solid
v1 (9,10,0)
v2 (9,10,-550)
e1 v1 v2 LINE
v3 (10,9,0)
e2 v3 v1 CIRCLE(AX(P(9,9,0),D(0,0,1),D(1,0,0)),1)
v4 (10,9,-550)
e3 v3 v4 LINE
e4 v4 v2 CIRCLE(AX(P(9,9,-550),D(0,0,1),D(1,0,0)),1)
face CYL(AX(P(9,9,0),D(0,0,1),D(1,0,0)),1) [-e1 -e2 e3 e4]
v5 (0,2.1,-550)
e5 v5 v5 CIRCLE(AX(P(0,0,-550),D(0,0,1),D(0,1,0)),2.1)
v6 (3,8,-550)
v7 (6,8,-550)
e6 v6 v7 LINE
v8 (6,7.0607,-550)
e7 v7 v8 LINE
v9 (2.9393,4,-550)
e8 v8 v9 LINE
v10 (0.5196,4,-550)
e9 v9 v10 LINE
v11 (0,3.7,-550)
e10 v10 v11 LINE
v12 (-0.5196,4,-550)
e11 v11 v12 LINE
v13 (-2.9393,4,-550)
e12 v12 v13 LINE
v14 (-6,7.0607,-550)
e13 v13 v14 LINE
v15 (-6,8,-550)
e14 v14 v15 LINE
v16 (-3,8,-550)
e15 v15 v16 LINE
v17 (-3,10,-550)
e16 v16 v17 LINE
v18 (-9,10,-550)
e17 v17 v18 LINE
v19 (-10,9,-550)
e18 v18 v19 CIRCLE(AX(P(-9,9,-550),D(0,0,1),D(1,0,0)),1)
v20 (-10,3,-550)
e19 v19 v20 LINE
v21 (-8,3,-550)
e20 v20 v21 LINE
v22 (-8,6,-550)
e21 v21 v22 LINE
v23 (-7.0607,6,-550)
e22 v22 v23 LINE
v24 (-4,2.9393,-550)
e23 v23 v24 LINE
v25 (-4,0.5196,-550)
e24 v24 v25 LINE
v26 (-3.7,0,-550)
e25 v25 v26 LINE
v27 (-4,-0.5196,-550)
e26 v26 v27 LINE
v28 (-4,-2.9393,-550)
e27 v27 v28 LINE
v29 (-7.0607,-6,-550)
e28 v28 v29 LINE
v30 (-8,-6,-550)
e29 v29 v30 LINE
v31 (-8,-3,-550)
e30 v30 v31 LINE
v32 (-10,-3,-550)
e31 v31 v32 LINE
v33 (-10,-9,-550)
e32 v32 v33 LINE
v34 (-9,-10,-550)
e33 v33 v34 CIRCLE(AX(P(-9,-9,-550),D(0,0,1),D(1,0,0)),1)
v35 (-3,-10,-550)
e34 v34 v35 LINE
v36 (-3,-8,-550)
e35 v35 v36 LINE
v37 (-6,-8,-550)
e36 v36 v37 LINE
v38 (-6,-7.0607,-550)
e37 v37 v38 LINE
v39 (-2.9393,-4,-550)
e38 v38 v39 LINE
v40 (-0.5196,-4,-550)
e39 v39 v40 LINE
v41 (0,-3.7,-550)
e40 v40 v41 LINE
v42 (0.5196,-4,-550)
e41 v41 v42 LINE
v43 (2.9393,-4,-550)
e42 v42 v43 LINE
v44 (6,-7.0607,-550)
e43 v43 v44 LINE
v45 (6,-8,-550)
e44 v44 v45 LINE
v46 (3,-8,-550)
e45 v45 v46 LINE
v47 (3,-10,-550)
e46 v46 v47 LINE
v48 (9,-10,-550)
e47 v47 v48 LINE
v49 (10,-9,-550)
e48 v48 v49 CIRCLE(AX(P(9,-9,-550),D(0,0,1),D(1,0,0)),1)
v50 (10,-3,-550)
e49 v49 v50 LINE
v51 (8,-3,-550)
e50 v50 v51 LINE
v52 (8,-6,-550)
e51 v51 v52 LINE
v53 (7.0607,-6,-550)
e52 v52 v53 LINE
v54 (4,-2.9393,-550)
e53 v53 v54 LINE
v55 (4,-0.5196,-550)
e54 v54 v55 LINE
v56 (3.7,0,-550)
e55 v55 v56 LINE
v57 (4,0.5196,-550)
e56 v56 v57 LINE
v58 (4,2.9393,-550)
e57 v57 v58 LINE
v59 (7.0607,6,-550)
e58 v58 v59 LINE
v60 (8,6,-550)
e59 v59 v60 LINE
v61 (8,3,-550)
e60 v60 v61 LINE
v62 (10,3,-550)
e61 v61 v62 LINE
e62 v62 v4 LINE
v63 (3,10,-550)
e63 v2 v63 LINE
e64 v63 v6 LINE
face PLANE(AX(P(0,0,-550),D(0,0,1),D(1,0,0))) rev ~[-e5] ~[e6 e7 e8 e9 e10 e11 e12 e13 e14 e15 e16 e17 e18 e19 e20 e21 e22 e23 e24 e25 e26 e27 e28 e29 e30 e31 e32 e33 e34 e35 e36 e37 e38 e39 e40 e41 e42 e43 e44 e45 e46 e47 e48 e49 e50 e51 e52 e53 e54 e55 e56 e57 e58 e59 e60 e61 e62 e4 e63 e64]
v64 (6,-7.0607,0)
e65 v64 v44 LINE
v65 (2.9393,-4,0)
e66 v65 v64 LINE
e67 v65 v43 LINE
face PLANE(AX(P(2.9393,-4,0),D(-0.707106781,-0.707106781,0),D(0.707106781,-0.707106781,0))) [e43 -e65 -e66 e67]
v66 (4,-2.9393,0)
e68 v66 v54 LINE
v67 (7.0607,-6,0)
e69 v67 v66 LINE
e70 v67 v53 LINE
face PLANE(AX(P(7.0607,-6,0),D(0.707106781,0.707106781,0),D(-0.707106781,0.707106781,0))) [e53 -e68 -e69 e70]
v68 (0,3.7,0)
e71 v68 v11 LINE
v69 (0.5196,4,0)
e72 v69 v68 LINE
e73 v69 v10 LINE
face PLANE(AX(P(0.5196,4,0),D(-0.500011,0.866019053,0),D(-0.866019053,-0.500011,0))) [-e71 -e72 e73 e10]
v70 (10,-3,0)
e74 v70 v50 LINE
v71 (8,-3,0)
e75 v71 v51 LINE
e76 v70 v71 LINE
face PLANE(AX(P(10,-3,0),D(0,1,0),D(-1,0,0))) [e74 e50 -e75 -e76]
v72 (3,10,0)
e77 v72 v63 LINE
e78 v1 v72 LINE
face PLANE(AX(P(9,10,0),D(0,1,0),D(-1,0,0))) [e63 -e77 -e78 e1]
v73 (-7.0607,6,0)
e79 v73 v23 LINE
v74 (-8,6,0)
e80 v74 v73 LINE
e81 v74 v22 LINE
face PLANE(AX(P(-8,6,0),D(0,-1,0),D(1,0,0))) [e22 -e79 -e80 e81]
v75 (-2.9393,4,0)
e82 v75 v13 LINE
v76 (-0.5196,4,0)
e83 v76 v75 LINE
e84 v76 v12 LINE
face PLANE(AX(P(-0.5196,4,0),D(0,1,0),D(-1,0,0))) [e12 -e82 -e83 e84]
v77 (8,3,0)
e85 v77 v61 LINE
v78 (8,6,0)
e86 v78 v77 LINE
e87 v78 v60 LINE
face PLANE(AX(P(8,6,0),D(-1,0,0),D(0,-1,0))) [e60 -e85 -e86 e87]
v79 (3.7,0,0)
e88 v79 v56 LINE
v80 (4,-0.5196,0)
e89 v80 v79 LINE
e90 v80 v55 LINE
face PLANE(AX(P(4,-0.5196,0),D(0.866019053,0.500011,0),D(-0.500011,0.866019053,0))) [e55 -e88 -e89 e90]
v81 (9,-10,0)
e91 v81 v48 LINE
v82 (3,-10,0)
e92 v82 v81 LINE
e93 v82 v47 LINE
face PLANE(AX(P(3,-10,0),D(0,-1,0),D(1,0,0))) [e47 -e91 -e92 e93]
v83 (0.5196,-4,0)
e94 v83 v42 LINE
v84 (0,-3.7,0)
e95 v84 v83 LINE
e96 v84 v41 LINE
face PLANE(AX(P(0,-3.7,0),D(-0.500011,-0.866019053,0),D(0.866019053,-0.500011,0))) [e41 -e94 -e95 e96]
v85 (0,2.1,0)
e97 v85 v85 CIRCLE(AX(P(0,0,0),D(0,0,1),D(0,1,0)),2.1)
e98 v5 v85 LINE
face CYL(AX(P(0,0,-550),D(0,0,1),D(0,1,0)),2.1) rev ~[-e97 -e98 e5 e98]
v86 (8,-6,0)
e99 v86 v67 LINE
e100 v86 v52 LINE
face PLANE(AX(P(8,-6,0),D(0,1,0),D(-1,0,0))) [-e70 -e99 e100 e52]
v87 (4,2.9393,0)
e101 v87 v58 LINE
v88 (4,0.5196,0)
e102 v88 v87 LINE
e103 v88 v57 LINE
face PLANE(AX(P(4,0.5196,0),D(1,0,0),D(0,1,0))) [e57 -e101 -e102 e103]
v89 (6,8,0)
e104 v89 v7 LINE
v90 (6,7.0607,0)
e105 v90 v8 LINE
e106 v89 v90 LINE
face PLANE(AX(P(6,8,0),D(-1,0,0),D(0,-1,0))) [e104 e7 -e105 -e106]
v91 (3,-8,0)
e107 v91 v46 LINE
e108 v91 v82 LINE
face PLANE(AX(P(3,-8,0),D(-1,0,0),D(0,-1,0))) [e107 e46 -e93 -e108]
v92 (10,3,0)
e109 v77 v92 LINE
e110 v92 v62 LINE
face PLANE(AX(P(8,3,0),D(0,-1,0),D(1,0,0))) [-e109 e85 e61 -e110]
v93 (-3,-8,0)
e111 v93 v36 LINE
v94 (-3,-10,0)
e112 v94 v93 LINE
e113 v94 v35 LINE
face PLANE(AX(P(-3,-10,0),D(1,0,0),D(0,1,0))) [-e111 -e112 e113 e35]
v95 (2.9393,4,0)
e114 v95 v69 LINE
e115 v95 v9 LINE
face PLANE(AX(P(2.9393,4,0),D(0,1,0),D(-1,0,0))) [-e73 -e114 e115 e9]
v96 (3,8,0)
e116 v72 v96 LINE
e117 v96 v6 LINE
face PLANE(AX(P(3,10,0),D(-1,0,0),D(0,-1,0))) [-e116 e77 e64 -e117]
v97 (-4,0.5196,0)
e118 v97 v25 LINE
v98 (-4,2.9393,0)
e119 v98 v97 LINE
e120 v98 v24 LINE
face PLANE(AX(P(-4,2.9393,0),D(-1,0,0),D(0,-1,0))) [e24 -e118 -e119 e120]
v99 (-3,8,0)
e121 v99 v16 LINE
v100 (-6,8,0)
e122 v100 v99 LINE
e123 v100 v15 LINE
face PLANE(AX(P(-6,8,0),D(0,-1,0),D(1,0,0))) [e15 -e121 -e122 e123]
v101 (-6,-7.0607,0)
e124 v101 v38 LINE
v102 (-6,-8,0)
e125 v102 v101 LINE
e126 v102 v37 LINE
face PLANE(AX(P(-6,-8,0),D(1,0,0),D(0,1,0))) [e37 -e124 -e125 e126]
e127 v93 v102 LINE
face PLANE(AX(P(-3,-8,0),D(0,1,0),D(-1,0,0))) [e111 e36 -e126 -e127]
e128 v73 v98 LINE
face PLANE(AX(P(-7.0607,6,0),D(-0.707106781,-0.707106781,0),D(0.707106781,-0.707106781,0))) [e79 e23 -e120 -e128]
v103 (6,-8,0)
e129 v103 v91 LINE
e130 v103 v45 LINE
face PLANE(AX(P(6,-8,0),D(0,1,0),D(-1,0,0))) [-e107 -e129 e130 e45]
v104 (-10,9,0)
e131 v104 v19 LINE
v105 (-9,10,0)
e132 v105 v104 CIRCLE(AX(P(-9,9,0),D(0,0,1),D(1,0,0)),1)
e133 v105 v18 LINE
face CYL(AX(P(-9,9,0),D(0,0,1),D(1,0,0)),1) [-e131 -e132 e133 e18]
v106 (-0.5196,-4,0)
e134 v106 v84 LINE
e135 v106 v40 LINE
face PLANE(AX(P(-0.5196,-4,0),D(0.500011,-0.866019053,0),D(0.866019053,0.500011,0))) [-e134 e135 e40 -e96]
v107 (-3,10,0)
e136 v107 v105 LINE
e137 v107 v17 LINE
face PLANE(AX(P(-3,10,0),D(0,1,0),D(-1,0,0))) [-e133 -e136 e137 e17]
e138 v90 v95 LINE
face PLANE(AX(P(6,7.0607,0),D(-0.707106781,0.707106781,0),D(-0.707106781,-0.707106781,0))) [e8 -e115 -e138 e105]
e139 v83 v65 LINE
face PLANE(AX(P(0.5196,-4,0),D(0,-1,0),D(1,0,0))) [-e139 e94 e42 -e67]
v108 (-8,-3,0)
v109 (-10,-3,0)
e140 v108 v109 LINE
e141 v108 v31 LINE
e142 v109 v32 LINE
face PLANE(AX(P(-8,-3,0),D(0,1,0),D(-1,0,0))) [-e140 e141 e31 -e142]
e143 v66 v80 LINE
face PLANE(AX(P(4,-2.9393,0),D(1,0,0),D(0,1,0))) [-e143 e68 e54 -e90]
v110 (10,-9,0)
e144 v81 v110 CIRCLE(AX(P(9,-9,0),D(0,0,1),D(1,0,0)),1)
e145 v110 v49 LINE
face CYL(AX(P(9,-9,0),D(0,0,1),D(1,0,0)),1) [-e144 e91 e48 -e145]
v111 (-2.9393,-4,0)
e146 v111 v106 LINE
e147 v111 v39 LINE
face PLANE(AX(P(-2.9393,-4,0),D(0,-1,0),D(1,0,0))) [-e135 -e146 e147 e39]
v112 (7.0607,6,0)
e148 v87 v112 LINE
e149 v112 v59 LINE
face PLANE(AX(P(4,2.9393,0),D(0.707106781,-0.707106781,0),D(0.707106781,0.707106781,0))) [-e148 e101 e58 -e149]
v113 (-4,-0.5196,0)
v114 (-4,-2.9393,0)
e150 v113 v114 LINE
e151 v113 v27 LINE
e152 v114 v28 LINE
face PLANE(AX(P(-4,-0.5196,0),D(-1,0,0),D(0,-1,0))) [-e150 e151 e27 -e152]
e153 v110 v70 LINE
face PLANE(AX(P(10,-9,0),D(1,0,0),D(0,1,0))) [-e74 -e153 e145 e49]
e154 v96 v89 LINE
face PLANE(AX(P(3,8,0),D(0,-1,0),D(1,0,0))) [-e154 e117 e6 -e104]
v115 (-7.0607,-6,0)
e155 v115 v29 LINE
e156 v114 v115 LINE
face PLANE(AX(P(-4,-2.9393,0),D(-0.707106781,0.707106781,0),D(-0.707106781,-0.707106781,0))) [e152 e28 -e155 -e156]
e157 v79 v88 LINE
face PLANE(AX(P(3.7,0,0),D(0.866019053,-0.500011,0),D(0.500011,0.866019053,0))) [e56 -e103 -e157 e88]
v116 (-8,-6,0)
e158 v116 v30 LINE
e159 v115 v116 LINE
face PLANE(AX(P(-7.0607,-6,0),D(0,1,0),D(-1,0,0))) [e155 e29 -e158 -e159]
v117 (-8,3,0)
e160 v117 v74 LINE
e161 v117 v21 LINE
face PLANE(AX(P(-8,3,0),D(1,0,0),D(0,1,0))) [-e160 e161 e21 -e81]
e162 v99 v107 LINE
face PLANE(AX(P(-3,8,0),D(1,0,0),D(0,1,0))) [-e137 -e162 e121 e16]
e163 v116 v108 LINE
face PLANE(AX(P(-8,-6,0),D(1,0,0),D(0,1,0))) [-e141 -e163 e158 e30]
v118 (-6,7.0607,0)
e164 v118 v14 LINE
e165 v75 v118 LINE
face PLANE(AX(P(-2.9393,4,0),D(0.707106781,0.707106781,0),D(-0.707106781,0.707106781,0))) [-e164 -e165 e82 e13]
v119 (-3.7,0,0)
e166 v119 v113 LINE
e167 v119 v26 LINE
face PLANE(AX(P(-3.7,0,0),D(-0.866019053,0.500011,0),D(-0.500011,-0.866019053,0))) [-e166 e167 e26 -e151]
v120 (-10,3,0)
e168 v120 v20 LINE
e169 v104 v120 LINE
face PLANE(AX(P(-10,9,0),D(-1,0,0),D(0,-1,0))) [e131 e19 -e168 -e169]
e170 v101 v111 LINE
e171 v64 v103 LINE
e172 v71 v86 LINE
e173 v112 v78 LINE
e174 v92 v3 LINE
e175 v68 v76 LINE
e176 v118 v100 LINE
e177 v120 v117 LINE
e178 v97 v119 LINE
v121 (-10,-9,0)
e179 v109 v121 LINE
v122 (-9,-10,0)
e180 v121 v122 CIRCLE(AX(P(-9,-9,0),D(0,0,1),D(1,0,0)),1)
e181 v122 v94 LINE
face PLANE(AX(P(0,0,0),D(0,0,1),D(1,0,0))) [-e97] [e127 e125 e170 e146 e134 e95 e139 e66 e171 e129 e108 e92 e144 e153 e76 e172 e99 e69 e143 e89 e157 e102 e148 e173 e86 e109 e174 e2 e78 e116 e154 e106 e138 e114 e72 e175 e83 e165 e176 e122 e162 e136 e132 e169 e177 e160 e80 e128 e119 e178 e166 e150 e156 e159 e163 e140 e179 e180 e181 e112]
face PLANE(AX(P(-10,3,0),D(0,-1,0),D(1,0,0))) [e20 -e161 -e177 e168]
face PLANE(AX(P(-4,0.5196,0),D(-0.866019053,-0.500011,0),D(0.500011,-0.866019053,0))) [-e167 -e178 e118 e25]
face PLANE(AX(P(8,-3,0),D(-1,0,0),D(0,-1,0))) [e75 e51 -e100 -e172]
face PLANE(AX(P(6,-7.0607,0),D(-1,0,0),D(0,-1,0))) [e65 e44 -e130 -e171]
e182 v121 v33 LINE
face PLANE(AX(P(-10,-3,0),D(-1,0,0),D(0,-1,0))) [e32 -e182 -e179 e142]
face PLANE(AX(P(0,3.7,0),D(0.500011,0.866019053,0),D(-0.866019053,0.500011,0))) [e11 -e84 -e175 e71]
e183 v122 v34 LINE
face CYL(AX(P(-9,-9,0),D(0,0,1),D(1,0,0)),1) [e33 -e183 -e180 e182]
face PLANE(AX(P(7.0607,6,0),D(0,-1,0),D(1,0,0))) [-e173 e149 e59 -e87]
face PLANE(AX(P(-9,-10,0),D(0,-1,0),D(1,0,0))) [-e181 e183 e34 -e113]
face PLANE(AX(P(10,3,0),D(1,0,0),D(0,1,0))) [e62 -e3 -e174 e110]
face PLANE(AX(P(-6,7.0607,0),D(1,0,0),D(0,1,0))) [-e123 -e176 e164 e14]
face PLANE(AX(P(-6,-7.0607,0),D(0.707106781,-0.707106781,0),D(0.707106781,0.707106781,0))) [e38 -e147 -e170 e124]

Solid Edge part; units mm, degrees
sketch "Sketch1" plane through (0, 0, 0) normal (0, 0, 1) x (1, 0, 0)
  line L0 (-10, -3) -> (-10, -9)
  arc A0 (-10, -9) -> (-9, -10) centre (-9, -9) ccw
  line L1 (-9, -10) -> (-3, -10)
  line L2 (-3, -10) -> (-3, -8)
  line L3 (-3, -8) -> (-6, -8)
  line L4 (-6, -8) -> (-6, -7.0607)
  line L5 (-6, -7.0607) -> (-2.9393, -4)
  line L6 (-2.9393, -4) -> (-0.5196, -4)
  line L7 (-0.5196, -4) -> (0, -3.7)
  line L8 (0, -3.7) -> (0.5196, -4)
  line L9 (0.5196, -4) -> (2.9393, -4)
  line L10 (2.9393, -4) -> (6, -7.0607)
  line L11 (6, -7.0607) -> (6, -8)
  line L12 (6, -8) -> (3, -8)
  line L13 (3, -8) -> (3, -10)
  line L14 (3, -10) -> (9, -10)
  arc A1 (9, -10) -> (10, -9) centre (9, -9) ccw
  line L15 (10, -9) -> (10, -3)
  line L16 (10, -3) -> (8, -3)
  line L17 (8, -3) -> (8, -6)
  line L18 (8, -6) -> (7.0607, -6)
  line L19 (7.0607, -6) -> (4, -2.9393)
  line L20 (4, -2.9393) -> (4, -0.5196)
  line L21 (4, -0.5196) -> (3.7, 0)
  line L22 (3.7, 0) -> (4, 0.5196)
  line L23 (4, 0.5196) -> (4, 2.9393)
  line L24 (4, 2.9393) -> (7.0607, 6)
  line L25 (7.0607, 6) -> (8, 6)
  line L26 (8, 6) -> (8, 3)
  line L27 (8, 3) -> (10, 3)
  line L28 (10, 3) -> (10, 9)
  arc A2 (10, 9) -> (9, 10) centre (9, 9) ccw
  line L29 (9, 10) -> (3, 10)
  line L30 (3, 10) -> (3, 8)
  line L31 (3, 8) -> (6, 8)
  line L32 (6, 8) -> (6, 7.0607)
  line L33 (6, 7.0607) -> (2.9393, 4)
  line L34 (2.9393, 4) -> (0.5196, 4)
  line L35 (0.5196, 4) -> (0, 3.7)
  line L36 (0, 3.7) -> (-0.5196, 4)
  line L37 (-0.5196, 4) -> (-2.9393, 4)
  line L38 (-2.9393, 4) -> (-6, 7.0607)
  line L39 (-6, 7.0607) -> (-6, 8)
  line L40 (-6, 8) -> (-3, 8)
  line L41 (-3, 8) -> (-3, 10)
  line L42 (-3, 10) -> (-9, 10)
  arc A3 (-9, 10) -> (-10, 9) centre (-9, 9) ccw
  line L43 (-10, 9) -> (-10, 3)
  line L44 (-10, 3) -> (-8, 3)
  line L45 (-8, 3) -> (-8, 6)
  line L46 (-8, 6) -> (-7.0607, 6)
  line L47 (-7.0607, 6) -> (-4, 2.9393)
  line L48 (-4, 2.9393) -> (-4, 0.5196)
  line L49 (-4, 0.5196) -> (-3.7, 0)
  line L50 (-3.7, 0) -> (-4, -0.5196)
  line L51 (-4, -0.5196) -> (-4, -2.9393)
  line L52 (-4, -2.9393) -> (-7.0607, -6)
  line L53 (-7.0607, -6) -> (-8, -6)
  line L54 (-8, -6) -> (-8, -3)
  line L55 (-8, -3) -> (-10, -3)
extrude "ExtrudedProtrusion_1" add sketch "Sketch1" against normal blind 550
hole "Bohrung_1" at (0, 0, -550) direction (0, 0, 1) diameter 4.2 depth 550
properties part number "HFS5-2020-450"
